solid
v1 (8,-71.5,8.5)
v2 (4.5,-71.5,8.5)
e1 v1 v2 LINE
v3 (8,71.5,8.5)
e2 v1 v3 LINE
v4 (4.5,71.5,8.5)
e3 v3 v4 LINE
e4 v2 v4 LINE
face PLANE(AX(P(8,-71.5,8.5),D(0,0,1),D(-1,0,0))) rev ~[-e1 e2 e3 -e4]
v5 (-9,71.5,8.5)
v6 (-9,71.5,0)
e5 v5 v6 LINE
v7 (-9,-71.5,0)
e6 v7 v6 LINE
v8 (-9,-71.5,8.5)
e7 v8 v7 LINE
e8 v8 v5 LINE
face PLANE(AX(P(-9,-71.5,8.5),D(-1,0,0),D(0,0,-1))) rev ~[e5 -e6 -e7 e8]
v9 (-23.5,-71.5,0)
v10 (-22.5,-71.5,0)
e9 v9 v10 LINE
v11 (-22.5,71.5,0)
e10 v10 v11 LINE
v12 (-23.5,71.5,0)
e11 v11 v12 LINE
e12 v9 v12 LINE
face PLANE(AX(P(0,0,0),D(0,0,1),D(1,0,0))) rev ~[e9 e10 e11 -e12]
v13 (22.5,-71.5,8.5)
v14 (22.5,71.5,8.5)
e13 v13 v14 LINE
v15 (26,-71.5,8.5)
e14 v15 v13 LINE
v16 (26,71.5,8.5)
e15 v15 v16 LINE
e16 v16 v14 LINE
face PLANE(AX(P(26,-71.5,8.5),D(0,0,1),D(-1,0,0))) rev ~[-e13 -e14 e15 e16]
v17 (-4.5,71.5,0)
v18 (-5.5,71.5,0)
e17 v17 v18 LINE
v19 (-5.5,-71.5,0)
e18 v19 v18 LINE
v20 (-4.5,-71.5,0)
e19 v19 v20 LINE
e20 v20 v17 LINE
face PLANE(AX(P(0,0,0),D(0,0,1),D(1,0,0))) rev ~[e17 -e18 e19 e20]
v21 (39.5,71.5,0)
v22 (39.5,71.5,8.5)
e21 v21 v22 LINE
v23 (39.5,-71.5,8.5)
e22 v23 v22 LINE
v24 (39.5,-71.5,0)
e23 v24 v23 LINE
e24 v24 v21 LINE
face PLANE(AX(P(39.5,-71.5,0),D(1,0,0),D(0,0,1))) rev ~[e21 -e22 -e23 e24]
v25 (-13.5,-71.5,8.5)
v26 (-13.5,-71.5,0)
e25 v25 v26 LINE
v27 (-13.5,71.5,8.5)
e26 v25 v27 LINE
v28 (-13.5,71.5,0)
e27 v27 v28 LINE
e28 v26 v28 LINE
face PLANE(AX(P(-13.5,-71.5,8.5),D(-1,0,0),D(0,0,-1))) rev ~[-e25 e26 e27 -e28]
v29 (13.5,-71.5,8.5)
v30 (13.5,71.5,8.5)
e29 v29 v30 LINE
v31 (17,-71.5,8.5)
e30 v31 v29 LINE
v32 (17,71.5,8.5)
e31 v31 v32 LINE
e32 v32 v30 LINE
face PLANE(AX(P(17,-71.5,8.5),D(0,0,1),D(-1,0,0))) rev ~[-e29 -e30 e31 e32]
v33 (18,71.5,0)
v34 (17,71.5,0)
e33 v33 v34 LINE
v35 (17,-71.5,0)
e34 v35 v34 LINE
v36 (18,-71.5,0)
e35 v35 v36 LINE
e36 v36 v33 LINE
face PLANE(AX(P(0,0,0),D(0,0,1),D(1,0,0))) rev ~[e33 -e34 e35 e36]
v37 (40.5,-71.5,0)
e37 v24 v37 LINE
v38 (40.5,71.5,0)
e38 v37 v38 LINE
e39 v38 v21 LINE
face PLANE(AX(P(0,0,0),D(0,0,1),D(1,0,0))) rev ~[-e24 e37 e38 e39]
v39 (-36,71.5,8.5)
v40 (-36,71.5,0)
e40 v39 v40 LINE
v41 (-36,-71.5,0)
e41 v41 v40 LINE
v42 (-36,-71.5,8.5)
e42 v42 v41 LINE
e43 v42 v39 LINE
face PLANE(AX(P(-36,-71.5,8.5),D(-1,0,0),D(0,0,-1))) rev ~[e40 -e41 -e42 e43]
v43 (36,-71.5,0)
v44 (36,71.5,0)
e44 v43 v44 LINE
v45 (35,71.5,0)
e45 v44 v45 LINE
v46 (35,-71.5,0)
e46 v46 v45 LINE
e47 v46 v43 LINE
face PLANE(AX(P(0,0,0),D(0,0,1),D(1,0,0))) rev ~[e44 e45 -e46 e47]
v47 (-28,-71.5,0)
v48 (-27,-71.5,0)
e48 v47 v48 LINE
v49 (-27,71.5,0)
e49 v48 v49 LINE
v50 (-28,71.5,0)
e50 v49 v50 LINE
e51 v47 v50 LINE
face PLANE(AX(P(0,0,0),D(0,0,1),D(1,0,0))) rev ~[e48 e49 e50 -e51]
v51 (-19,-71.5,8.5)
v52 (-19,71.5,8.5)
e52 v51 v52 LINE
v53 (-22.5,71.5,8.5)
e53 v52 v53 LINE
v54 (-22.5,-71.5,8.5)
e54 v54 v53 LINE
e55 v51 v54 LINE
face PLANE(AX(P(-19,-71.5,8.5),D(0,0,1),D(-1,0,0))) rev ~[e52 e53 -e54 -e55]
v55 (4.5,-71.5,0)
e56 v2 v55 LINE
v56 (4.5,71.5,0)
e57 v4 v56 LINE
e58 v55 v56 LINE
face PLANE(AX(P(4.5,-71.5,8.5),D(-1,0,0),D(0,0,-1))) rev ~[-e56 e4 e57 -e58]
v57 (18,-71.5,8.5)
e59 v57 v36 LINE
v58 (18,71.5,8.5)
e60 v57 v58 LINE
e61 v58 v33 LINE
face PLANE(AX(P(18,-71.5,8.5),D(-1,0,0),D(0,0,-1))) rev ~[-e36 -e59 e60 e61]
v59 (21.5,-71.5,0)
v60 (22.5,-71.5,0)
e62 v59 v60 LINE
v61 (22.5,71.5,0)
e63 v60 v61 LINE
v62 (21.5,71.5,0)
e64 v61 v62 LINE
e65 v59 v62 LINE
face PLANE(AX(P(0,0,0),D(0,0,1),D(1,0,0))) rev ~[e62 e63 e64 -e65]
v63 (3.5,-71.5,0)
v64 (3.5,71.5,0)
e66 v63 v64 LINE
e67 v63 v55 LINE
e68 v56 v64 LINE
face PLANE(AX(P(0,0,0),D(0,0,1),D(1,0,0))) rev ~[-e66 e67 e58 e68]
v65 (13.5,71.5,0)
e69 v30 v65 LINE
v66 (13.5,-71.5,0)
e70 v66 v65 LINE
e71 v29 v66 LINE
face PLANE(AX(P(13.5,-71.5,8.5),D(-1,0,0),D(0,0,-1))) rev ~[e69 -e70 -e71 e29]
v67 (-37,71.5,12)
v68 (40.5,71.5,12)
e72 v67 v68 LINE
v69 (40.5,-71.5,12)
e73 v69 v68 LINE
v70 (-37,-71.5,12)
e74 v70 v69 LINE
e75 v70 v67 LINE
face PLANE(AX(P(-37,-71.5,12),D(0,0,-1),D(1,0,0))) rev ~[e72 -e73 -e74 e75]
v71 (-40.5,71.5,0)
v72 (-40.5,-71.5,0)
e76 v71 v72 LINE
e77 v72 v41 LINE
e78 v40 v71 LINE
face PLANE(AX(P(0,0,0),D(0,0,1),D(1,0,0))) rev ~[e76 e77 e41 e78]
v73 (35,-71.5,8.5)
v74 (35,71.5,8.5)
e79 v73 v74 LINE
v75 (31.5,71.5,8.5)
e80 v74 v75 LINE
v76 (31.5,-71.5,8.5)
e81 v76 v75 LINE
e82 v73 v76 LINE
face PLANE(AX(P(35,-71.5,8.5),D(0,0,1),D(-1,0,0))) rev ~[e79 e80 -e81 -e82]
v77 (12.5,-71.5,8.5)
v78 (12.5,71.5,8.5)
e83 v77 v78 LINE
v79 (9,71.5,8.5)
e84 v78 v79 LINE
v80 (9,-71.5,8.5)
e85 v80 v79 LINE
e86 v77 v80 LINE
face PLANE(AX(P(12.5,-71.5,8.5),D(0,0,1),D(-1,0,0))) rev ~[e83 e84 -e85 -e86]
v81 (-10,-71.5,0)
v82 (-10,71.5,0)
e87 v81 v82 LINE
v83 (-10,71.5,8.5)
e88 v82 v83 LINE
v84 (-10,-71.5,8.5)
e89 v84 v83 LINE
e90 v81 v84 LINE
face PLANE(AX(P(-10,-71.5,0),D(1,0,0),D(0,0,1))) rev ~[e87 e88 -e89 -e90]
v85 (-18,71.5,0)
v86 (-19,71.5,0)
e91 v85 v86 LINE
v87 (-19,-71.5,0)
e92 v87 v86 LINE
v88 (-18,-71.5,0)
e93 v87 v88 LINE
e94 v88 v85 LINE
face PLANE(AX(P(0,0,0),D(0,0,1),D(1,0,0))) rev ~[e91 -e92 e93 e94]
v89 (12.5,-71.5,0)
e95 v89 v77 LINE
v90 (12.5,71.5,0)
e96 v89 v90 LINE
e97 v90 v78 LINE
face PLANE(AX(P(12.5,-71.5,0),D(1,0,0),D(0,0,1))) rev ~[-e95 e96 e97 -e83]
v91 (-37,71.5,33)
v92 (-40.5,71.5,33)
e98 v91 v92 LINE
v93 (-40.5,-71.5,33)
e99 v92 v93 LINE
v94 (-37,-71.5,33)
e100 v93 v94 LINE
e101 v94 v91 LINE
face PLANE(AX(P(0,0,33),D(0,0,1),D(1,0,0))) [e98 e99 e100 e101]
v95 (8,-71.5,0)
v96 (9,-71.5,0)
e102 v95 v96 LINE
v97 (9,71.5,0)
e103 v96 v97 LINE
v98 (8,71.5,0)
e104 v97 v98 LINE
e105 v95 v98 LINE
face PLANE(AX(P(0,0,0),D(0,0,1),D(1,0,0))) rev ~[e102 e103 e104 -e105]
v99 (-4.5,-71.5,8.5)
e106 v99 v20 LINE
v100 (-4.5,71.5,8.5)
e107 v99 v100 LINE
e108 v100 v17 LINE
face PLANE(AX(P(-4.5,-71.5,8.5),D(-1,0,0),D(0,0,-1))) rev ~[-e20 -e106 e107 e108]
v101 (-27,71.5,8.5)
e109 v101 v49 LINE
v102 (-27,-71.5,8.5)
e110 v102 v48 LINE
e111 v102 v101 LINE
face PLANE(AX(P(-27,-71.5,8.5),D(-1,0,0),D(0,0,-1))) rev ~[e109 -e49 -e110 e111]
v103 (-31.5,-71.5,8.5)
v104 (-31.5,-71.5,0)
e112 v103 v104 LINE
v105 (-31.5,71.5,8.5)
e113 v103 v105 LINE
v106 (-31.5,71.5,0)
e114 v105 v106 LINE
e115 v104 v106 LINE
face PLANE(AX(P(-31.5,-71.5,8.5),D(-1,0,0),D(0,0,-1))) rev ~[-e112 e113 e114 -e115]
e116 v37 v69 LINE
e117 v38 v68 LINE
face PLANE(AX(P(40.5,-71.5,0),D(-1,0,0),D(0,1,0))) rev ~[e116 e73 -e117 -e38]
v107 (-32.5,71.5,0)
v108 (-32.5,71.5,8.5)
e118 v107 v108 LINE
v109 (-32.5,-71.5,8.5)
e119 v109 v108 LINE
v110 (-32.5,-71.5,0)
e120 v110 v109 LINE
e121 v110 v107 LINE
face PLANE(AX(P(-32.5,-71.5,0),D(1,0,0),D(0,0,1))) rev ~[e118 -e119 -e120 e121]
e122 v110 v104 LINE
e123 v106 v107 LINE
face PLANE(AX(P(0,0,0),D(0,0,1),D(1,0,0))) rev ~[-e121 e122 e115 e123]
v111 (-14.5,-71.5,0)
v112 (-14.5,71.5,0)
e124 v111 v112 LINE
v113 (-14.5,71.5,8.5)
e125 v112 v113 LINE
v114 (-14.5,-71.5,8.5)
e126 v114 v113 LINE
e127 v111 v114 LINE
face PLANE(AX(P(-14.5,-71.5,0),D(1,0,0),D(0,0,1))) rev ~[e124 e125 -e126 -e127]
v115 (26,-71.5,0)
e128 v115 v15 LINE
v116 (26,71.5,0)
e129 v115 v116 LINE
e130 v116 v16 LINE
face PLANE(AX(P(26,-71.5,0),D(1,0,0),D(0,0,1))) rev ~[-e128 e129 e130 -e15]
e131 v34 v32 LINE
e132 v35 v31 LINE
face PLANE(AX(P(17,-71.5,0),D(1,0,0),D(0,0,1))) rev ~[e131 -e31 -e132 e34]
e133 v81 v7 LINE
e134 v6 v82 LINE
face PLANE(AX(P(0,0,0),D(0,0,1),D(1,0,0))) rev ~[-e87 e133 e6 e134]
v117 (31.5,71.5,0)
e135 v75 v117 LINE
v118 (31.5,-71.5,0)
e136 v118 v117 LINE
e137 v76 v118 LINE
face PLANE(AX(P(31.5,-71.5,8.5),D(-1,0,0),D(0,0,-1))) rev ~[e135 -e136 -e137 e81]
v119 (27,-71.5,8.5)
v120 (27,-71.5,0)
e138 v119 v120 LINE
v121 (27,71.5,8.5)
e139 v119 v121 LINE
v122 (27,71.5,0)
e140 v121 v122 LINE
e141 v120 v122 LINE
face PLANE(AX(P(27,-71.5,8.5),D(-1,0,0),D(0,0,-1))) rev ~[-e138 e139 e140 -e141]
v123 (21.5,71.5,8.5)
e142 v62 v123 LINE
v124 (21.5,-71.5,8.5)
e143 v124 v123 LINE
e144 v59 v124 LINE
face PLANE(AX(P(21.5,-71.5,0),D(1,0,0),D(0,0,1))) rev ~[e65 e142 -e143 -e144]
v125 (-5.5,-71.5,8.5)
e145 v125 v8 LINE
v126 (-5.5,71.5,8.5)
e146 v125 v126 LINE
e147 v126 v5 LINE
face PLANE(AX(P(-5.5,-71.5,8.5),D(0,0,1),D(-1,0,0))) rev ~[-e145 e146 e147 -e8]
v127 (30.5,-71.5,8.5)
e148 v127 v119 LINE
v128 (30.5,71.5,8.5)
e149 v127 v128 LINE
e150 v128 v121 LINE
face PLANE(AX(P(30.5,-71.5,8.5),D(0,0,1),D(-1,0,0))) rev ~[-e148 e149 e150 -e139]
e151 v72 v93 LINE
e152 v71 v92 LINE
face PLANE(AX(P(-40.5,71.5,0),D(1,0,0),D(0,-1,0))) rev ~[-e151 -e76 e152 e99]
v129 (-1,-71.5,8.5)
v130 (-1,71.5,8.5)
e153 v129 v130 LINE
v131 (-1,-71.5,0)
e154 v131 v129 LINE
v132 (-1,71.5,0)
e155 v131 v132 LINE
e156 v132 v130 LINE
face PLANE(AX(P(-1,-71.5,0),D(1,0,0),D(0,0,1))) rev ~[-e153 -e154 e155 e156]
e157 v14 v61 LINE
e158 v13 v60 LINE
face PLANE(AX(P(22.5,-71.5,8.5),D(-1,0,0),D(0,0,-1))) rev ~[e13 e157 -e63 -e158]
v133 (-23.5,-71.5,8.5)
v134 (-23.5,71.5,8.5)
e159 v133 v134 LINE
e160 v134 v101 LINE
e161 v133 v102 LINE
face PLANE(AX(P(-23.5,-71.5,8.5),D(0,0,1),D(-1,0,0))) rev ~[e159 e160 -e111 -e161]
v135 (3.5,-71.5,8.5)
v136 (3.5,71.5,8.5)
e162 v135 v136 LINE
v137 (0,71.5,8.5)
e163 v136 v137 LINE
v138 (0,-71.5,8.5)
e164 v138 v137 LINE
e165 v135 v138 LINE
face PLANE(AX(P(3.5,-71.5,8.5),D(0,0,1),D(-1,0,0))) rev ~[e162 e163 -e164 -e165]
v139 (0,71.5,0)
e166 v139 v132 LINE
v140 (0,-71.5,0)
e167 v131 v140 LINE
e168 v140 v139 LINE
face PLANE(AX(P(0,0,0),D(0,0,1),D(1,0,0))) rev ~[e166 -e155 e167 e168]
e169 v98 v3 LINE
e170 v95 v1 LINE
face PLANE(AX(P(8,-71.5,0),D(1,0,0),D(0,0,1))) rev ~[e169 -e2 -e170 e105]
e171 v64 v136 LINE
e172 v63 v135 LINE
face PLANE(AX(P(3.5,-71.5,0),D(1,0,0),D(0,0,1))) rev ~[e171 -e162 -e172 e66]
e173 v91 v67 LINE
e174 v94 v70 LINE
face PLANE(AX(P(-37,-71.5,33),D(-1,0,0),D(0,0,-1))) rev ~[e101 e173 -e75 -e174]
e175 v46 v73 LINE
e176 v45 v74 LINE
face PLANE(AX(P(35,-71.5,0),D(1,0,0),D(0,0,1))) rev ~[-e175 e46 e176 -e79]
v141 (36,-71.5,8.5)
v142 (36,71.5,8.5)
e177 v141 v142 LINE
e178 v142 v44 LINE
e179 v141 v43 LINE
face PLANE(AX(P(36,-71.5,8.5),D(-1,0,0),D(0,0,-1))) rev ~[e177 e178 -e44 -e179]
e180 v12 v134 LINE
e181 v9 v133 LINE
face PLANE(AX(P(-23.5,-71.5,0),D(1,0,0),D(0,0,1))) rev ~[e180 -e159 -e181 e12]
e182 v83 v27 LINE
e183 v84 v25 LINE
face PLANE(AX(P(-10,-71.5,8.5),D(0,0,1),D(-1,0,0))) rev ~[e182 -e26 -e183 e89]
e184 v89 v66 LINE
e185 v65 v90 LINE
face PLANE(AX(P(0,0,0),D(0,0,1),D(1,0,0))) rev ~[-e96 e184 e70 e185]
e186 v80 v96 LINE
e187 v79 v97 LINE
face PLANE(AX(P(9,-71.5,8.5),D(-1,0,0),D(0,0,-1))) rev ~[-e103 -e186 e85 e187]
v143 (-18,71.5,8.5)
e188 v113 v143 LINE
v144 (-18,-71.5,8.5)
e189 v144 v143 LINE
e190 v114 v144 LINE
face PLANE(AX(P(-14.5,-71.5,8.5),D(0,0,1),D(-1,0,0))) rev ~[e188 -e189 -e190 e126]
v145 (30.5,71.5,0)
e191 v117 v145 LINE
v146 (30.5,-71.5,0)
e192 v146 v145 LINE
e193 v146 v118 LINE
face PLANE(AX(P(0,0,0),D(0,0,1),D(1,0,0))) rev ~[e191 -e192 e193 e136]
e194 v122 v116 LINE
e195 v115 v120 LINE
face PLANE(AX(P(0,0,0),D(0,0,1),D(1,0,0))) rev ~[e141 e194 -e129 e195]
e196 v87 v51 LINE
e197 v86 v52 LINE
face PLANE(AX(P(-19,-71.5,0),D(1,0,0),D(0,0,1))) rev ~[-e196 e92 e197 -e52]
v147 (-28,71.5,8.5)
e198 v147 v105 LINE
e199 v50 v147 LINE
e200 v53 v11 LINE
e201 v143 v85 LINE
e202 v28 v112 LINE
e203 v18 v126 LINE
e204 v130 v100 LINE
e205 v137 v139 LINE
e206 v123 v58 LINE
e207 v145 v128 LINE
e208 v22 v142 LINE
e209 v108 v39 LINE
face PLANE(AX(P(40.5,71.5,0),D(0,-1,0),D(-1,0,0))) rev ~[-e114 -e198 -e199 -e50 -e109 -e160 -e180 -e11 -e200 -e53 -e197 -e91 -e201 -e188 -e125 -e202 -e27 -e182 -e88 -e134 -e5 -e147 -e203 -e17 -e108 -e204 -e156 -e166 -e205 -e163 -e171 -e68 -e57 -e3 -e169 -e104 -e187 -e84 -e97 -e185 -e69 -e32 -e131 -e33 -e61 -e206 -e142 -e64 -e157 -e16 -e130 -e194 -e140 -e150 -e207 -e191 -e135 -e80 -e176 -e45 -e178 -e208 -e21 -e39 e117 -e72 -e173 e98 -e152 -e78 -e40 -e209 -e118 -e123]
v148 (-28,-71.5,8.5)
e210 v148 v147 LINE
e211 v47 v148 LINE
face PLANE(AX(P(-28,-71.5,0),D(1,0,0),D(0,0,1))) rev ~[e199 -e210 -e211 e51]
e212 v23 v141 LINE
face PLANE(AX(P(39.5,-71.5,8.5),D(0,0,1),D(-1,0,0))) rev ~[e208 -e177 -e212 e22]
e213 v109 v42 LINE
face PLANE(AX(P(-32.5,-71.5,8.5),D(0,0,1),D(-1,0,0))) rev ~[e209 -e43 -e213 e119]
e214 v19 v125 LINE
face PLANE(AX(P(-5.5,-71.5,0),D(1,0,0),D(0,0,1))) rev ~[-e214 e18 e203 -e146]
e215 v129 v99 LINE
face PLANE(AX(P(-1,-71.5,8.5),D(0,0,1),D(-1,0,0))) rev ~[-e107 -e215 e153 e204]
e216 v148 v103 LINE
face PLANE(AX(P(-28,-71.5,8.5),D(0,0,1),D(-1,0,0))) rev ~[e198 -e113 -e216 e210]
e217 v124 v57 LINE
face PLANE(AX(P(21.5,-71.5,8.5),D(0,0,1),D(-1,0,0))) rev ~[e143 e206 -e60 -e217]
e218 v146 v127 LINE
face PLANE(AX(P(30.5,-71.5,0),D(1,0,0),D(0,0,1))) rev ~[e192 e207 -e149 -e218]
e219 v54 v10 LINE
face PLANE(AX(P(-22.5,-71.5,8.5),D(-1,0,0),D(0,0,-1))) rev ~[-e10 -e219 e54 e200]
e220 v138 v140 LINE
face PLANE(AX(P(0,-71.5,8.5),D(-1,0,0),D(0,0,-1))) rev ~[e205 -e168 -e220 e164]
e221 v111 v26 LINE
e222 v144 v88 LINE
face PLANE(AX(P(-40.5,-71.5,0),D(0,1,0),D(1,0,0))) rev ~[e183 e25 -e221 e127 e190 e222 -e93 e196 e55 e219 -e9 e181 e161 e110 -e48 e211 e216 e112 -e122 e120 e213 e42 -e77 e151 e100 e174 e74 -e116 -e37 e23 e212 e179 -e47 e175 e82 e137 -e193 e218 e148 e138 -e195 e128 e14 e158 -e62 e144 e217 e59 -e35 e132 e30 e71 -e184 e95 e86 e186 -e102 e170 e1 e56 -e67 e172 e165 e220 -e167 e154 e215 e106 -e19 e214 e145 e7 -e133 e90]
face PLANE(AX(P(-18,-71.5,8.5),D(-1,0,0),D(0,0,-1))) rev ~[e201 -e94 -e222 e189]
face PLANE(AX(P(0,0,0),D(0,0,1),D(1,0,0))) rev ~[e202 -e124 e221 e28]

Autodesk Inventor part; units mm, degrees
ref_plane "YZ Plane" through (0, 0, 0) normal (1, 0, 0) x (0, 1, 0)
ref_plane "XZ Plane" through (0, 0, 0) normal (0, 1, 0) x (-1, 0, 0)
ref_plane "XY Plane" through (0, 0, 0) normal (0, 0, 1) x (1, 0, 0)
sketch "Skizze1" plane through (0, 0, 0) normal (0, 0, 1) x (1, 0, 0)
  line L0 (-40.5, -71.5) -> (40.5, -71.5)
  line L1 (40.5, -71.5) -> (40.5, 71.5)
  line L2 (40.5, 71.5) -> (-40.5, 71.5)
  line L3 (-40.5, 71.5) -> (-40.5, -71.5)
  line L4 (-40.5, -71.5) -> (40.5, 71.5) construction
  line L5 (40.5, -71.5) -> (-40.5, 71.5) construction
  point P0 (0, 0)
  dimension "d0" = 143
  dimension "d1" = 81
extrude "Grundkörper" add sketch "Skizze1" along normal blind 33
sketch "Skizze2" plane through (-40.5, -71.5, 0) normal (0, -1, 0) x (1, 0, 0)
  line L0 (0, 0) -> (0, 33) projected
  line L1 (0, 0) -> (81, 0) projected
  line L2 (0, 0) -> (81, 0) projected
  line L3 (81, 0) -> (81, 33) projected
  line L4 (0, 33) -> (81, 33) projected
  line L5 (0, 0) -> (0, 33) projected
  line L6 (81, 0) -> (81, 33) projected
  line L7 (3.5, 33) -> (3.5, 12)
  line L8 (3.5, 12) -> (81, 12)
  point P0 (40.5, 0)
  dimension "d4" = 12
  dimension "d5" = 3.5
extrude "Ausschnitt" cut sketch "Skizze2" against normal through all contours L4 L3 L8 L7
sketch "Skizze3" plane through (-40.5, -71.5, 0) normal (0, -1, 0) x (1, 0, 0)
  line L0 (0, 0) -> (81, 0) construction
  line L1 (81, 0) -> (81, 12) construction
  line L2 (81, 0) -> (0, 0) construction
  line L3 (76.5, 0) -> (80, 0)
  line L4 (80, 0) -> (80, 8.5)
  line L5 (80, 8.5) -> (76.5, 8.5)
  line L6 (76.5, 8.5) -> (76.5, 0)
  line L7 (72, 8.5) -> (72, 0)
  line L8 (72, 0) -> (75.5, 0)
  line L9 (75.5, 0) -> (75.5, 8.5)
  line L10 (75.5, 8.5) -> (72, 8.5)
  line L11 (67.5, 8.5) -> (67.5, 0)
  line L12 (67.5, 0) -> (71, 0)
  line L13 (71, 0) -> (71, 8.5)
  line L14 (71, 8.5) -> (67.5, 8.5)
  line L15 (63, 8.5) -> (63, 0)
  line L16 (63, 0) -> (66.5, 0)
  line L17 (66.5, 0) -> (66.5, 8.5)
  line L18 (66.5, 8.5) -> (63, 8.5)
  line L19 (58.5, 8.5) -> (58.5, 0)
  line L20 (58.5, 0) -> (62, 0)
  line L21 (62, 0) -> (62, 8.5)
  line L22 (62, 8.5) -> (58.5, 8.5)
  line L23 (54, 8.5) -> (54, 0)
  line L24 (54, 0) -> (57.5, 0)
  line L25 (57.5, 0) -> (57.5, 8.5)
  line L26 (57.5, 8.5) -> (54, 8.5)
  line L27 (49.5, 8.5) -> (49.5, 0)
  line L28 (49.5, 0) -> (53, 0)
  line L29 (53, 0) -> (53, 8.5)
  line L30 (53, 8.5) -> (49.5, 8.5)
  line L31 (45, 8.5) -> (45, 0)
  line L32 (45, 0) -> (48.5, 0)
  line L33 (48.5, 0) -> (48.5, 8.5)
  line L34 (48.5, 8.5) -> (45, 8.5)
  line L35 (40.5, 8.5) -> (40.5, 0)
  line L36 (40.5, 0) -> (44, 0)
  line L37 (44, 0) -> (44, 8.5)
  line L38 (44, 8.5) -> (40.5, 8.5)
  line L39 (36, 8.5) -> (36, 0)
  line L40 (36, 0) -> (39.5, 0)
  line L41 (39.5, 0) -> (39.5, 8.5)
  line L42 (39.5, 8.5) -> (36, 8.5)
  line L43 (31.5, 8.5) -> (31.5, 0)
  line L44 (31.5, 0) -> (35, 0)
  line L45 (35, 0) -> (35, 8.5)
  line L46 (35, 8.5) -> (31.5, 8.5)
  line L47 (27, 8.5) -> (27, 0)
  line L48 (27, 0) -> (30.5, 0)
  line L49 (30.5, 0) -> (30.5, 8.5)
  line L50 (30.5, 8.5) -> (27, 8.5)
  line L51 (22.5, 8.5) -> (22.5, 0)
  line L52 (22.5, 0) -> (26, 0)
  line L53 (26, 0) -> (26, 8.5)
  line L54 (26, 8.5) -> (22.5, 8.5)
  line L55 (18, 8.5) -> (18, 0)
  line L56 (18, 0) -> (21.5, 0)
  line L57 (21.5, 0) -> (21.5, 8.5)
  line L58 (21.5, 8.5) -> (18, 8.5)
  line L59 (13.5, 8.5) -> (13.5, 0)
  line L60 (13.5, 0) -> (17, 0)
  line L61 (17, 0) -> (17, 8.5)
  line L62 (17, 8.5) -> (13.5, 8.5)
  line L63 (9, 8.5) -> (9, 0)
  line L64 (9, 0) -> (12.5, 0)
  line L65 (12.5, 0) -> (12.5, 8.5)
  line L66 (12.5, 8.5) -> (9, 8.5)
  line L67 (4.5, 8.5) -> (4.5, 0)
  line L68 (4.5, 0) -> (8, 0)
  line L69 (8, 0) -> (8, 8.5)
  line L70 (8, 8.5) -> (4.5, 8.5)
  point P0 (40.5, 0)
  dimension "d11" = 1
  dimension "d12" = 8.5
  dimension "d13" = 3.5
  dimension "d16" = 4.5
extrude "Kühlrippen" cut sketch "Skizze3" against normal through all
properties part number "800-20-MOTOR-CONTROLLER-BLD-300B-01" material "Aluminium 6061"
